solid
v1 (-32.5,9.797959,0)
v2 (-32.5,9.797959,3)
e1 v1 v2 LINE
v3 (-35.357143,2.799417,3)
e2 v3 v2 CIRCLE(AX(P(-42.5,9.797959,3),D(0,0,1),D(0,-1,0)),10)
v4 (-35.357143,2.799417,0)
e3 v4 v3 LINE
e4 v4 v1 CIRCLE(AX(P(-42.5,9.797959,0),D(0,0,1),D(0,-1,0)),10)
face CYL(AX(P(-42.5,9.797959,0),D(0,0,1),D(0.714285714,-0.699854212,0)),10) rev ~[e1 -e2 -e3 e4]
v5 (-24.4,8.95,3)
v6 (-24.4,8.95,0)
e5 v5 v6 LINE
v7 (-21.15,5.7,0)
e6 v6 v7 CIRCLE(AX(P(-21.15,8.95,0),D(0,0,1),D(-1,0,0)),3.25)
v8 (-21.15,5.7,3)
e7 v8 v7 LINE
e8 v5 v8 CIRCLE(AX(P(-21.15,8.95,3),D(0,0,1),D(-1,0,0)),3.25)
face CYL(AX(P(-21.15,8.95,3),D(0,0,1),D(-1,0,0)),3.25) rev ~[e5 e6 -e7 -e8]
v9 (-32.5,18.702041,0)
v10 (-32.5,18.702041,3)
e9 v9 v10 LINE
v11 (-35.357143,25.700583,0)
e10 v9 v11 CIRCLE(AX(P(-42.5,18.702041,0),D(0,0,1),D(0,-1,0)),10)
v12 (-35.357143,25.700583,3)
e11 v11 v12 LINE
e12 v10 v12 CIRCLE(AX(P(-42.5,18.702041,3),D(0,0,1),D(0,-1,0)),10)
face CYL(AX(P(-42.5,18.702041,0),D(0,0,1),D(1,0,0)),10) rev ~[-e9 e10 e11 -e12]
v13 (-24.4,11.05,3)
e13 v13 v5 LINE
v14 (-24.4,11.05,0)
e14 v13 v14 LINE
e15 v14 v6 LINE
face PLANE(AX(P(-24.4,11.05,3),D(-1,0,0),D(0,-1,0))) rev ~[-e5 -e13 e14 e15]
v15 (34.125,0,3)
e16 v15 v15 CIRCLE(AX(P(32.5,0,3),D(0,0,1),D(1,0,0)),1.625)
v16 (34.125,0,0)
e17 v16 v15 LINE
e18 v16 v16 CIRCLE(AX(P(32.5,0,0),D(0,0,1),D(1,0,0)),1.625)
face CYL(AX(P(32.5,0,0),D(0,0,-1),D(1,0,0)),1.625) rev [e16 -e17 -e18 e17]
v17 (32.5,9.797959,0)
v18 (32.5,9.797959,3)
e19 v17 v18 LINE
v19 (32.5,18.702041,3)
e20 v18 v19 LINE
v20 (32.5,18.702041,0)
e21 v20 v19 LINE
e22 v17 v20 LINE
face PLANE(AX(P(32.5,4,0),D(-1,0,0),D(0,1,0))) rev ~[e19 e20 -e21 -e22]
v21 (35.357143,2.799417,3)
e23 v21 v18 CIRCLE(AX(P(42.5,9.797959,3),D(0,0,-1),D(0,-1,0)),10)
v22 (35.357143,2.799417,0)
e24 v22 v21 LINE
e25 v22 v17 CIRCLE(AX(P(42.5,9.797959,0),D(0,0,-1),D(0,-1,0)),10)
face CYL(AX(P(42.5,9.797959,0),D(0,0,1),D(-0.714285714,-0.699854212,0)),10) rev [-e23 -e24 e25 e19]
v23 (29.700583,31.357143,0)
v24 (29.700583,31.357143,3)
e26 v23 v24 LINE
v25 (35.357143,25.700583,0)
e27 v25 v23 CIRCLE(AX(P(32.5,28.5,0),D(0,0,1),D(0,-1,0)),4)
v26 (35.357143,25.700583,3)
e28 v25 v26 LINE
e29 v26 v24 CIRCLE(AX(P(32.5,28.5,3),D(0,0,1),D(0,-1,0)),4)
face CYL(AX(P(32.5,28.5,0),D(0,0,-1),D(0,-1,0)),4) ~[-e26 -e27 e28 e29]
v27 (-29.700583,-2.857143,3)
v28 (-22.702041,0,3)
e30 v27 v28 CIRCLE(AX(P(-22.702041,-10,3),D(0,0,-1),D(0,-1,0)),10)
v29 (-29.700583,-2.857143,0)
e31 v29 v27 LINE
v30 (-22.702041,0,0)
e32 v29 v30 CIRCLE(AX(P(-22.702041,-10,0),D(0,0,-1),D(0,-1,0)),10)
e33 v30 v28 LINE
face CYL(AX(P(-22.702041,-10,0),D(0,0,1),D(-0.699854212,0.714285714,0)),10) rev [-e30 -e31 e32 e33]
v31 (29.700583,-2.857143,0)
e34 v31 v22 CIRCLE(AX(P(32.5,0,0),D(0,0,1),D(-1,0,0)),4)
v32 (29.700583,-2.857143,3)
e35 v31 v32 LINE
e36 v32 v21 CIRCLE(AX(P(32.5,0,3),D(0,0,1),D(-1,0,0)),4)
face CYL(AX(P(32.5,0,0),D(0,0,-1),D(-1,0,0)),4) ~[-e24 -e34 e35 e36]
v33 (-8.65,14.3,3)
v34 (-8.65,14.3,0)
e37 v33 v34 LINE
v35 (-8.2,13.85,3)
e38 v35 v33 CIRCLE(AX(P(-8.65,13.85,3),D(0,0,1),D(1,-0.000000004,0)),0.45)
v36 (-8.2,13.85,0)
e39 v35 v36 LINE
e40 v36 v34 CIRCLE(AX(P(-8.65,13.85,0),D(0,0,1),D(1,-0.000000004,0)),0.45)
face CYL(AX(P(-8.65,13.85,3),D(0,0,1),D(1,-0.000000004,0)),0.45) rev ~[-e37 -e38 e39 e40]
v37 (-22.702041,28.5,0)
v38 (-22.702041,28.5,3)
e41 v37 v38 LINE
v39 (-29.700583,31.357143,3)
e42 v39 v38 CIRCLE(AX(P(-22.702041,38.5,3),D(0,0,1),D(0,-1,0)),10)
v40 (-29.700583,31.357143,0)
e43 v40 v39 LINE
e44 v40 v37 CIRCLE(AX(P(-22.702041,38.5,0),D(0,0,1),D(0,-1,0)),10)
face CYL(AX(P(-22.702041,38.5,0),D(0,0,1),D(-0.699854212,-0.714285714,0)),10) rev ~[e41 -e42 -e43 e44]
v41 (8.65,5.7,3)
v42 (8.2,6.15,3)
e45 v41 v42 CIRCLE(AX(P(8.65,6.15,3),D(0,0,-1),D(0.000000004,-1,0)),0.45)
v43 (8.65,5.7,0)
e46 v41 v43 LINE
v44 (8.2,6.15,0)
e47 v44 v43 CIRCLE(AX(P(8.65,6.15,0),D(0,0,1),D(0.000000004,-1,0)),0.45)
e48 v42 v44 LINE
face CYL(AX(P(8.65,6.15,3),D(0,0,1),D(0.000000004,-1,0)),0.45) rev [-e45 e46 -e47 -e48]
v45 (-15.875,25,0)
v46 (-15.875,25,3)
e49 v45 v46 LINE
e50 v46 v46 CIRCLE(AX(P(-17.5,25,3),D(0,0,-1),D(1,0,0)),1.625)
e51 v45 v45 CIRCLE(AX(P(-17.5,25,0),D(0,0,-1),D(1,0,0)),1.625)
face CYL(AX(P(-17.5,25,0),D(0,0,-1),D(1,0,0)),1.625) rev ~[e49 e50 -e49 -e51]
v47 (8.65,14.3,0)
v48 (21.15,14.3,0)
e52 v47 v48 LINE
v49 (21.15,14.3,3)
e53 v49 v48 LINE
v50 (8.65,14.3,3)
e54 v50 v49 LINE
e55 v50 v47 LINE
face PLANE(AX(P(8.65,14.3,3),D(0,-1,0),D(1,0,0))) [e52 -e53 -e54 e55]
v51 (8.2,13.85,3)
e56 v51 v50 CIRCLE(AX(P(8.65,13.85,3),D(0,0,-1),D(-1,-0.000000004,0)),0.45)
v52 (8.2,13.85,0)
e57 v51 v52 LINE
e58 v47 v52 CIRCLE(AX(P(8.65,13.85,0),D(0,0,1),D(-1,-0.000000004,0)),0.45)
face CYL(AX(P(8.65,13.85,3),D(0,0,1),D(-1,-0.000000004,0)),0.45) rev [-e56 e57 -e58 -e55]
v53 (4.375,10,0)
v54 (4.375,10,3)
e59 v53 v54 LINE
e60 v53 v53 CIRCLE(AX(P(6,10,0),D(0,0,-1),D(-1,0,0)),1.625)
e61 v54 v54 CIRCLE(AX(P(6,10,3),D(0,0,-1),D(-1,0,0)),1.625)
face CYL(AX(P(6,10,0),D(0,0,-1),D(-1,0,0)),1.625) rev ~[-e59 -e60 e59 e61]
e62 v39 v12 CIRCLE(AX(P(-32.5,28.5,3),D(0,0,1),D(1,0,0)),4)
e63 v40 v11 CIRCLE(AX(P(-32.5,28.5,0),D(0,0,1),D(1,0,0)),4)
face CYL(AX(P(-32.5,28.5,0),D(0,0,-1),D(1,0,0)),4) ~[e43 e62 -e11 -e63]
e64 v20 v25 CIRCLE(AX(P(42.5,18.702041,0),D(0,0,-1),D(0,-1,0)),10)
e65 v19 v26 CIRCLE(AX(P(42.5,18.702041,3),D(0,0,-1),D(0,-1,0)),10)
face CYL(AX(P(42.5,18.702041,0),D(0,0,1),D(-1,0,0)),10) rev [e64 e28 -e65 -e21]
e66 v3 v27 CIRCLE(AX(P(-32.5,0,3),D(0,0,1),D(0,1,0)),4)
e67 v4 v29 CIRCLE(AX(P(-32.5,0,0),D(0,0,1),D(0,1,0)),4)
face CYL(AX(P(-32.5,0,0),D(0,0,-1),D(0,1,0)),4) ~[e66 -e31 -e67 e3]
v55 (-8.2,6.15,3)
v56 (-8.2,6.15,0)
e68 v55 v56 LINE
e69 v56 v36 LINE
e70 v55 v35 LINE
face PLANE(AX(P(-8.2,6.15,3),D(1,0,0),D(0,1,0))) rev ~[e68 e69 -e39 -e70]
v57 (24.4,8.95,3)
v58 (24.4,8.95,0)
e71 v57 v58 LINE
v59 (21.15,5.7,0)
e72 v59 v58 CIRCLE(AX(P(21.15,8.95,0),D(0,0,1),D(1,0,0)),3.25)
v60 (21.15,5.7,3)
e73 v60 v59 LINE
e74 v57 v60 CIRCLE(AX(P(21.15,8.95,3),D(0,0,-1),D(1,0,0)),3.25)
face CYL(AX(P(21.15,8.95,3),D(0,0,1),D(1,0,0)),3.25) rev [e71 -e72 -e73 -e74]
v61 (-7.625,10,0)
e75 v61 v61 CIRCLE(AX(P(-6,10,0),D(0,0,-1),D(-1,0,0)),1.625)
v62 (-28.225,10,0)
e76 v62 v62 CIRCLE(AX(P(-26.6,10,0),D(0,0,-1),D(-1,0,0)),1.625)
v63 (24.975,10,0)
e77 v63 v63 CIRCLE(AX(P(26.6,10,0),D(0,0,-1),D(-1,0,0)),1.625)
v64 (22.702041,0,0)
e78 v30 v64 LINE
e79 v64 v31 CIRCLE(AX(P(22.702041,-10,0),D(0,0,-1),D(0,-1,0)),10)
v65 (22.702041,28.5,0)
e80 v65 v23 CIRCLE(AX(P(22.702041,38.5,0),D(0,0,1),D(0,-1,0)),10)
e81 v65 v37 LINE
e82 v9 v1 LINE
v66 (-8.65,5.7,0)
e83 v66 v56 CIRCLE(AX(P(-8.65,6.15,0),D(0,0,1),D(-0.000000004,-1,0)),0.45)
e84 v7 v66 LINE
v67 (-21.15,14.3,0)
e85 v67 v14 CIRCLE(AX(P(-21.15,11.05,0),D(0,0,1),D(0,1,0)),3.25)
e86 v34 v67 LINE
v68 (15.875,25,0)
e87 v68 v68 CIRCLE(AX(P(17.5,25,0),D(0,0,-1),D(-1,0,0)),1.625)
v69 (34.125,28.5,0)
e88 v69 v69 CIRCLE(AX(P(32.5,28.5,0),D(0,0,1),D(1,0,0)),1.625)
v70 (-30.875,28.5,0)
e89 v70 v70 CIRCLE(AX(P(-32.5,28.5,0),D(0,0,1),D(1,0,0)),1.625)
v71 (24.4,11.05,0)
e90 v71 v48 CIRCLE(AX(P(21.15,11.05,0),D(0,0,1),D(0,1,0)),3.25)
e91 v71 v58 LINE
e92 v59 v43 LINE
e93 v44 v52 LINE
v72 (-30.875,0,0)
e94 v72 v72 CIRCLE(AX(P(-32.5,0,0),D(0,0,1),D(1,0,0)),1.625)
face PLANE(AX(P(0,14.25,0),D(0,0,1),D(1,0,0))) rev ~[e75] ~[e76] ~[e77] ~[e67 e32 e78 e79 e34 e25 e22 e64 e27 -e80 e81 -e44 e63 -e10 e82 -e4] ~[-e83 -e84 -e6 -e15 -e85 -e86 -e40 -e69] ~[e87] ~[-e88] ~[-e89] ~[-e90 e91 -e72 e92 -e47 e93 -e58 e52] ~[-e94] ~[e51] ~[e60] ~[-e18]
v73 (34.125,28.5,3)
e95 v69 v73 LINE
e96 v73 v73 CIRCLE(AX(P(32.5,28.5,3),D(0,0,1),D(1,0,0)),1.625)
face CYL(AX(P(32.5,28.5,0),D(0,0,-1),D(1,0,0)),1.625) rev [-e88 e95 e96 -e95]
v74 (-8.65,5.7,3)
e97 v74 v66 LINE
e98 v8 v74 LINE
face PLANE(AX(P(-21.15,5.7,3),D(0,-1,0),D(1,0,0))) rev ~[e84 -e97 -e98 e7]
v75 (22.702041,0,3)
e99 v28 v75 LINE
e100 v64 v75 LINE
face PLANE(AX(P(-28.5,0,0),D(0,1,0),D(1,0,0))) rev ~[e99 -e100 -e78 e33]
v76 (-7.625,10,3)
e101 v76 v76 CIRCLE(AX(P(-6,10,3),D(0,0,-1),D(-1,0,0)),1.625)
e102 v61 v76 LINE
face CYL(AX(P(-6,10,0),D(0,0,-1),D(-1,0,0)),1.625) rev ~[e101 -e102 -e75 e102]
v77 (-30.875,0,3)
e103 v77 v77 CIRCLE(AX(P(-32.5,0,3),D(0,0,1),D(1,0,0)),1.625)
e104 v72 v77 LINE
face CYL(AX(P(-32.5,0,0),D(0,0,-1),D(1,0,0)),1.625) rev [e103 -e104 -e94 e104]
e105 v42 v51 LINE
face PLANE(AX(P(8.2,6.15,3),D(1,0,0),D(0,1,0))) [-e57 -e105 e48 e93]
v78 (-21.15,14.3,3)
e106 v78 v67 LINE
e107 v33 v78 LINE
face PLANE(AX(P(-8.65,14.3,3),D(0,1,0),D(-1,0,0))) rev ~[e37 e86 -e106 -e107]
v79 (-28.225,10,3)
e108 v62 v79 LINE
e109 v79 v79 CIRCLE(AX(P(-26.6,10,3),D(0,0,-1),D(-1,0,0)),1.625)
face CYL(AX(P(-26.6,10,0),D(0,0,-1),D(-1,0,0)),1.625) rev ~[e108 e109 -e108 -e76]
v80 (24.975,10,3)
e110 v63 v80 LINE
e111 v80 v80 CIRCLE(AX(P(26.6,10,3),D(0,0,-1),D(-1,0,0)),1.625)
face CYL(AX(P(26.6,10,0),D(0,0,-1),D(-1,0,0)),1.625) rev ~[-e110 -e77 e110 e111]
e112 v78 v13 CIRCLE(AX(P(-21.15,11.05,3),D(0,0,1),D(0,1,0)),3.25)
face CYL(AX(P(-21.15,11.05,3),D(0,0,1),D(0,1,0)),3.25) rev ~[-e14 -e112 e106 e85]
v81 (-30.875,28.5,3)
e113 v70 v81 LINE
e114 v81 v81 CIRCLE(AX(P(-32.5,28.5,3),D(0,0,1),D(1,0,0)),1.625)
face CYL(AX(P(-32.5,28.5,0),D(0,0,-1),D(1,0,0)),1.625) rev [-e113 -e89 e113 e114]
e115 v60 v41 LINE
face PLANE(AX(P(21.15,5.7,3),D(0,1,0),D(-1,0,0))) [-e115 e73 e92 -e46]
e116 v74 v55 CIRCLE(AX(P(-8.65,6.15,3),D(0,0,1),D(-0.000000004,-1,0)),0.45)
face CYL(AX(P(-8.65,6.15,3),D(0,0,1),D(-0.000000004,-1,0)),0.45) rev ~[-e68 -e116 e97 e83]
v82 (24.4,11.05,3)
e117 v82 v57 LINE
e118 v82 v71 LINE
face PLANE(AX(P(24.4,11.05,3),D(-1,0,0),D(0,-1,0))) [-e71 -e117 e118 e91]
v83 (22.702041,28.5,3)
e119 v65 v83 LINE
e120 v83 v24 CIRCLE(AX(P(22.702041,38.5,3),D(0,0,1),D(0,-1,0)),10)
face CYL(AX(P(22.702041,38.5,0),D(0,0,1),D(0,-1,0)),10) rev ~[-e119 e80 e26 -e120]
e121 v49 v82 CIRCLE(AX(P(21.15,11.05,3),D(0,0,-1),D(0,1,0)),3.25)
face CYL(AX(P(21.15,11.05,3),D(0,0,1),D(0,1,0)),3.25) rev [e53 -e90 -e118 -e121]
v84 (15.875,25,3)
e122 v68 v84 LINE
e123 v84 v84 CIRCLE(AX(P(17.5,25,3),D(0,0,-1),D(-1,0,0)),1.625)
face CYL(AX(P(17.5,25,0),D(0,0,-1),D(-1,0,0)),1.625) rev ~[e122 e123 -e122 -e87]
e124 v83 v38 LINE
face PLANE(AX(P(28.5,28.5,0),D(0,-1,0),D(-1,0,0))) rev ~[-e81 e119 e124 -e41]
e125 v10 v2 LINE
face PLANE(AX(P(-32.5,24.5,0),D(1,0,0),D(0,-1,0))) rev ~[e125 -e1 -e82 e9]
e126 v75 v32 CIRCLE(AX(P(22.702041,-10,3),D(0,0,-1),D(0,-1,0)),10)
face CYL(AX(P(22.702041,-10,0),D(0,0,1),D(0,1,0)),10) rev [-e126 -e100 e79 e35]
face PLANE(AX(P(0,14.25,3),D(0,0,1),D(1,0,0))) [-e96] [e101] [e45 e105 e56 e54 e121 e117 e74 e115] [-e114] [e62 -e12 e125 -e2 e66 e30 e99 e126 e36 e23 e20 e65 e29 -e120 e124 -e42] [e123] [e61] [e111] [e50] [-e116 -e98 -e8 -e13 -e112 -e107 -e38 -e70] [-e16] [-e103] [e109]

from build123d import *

# Parameters (mm, degrees)
SKETCH_1_R          = 1.625
EXTRUDE_1_DEPTH     = 3
FILLET_1_R          = 10
SKETCH_3_R          = 1.625
CUT_EXTRUDE_1_DEPTH = 10
CUT_EXTRUDE_2_DEPTH = 10
SKETCH_5_R          = 1.625
CUT_EXTRUDE_3_DEPTH = 10


with BuildPart() as part:
    # Эскиз1 → Бобышка-Вытянуть1 (new body)
    with BuildSketch(Plane.XY):
        with BuildLine():
            ThreePointArc((-32.5, 4), (-35.328427125, -2.828427125), (-28.5, 0))
            Line((-28.5, 0), (28.5, 0))
            ThreePointArc((28.5, 0), (35.328427125, -2.828427125), (32.5, 4))
            Line((32.5, 4), (32.5, 24.5))
            ThreePointArc((32.5, 24.5), (35.328427125, 31.328427125), (28.5, 28.5))
            Line((28.5, 28.5), (-28.5, 28.5))
            ThreePointArc((-28.5, 28.5), (-35.328427125, 31.328427125), (-32.5, 24.5))
            Line((-32.5, 24.5), (-32.5, 4))
        make_face()
        with Locations((-32.5, 0)):
            Circle(SKETCH_1_R, mode=Mode.SUBTRACT)
        with Locations((32.5, 28.5)):
            Circle(SKETCH_1_R, mode=Mode.SUBTRACT)
        with Locations((-32.5, 28.5)):
            Circle(SKETCH_1_R, mode=Mode.SUBTRACT)
        with Locations((32.5, 0)):
            Circle(SKETCH_1_R, mode=Mode.SUBTRACT)
    extrude(amount=EXTRUDE_1_DEPTH)

    # Скругление1
    fillet_1_edges = [part.edges().sort_by_distance(p)[0] for p in [
        (28.5, 0, 1.5),
        (-28.5, 0, 1.5),
        (-32.5, 4, 1.5),
        (-32.5, 24.5, 1.5),
        (-28.5, 28.5, 1.5),
        (28.5, 28.5, 1.5),
        (32.5, 24.5, 1.5),
        (32.5, 4, 1.5),
    ]]
    fillet(fillet_1_edges, radius=FILLET_1_R)

    # Эскиз3 → Вырез-Вытянуть1 (cut)
    with BuildSketch(Plane(origin=(0, 0, 0), x_dir=(-1, 0, 0), z_dir=(0, 0, -1))):
        with Locations((-17.5, 25)):
            Circle(SKETCH_3_R)
        with Locations(Location((17.5, 25, 0), (0, 0, 180))):
            Circle(SKETCH_3_R)
    extrude(amount=-CUT_EXTRUDE_1_DEPTH, mode=Mode.SUBTRACT)

    # Эскиз4 → Вырез-Вытянуть2 (cut)
    # profile 1 of 2: a face of its own
    with BuildSketch(Plane.XY.offset(3)):
        with BuildLine():
            Line((-8.2, 6.15), (-8.2, 13.85))
            ThreePointArc((-8.2, 13.85), (-8.331801948, 14.168198052), (-8.65, 14.3))
            Line((-8.65, 14.3), (-21.15, 14.3))
            ThreePointArc((-21.15, 14.3), (-23.448097039, 13.348097039), (-24.4, 11.05))
            Line((-24.4, 11.05), (-24.4, 8.95))
            ThreePointArc((-24.4, 8.95), (-23.448097039, 6.651902961), (-21.15, 5.7))
            Line((-21.15, 5.7), (-8.65, 5.7))
            ThreePointArc((-8.65, 5.7), (-8.331801948, 5.831801948), (-8.2, 6.15))
        make_face()
        with BuildLine():
            ThreePointArc((-21.15, 14.05), (-23.271320344, 13.171320344), (-24.15, 11.05))
            Line((-24.15, 11.05), (-24.15, 8.95))
            ThreePointArc((-24.15, 8.95), (-23.271320344, 6.828679656), (-21.15, 5.95))
            Line((-21.15, 5.95), (-8.65, 5.95))
            ThreePointArc((-8.65, 5.95), (-8.508578644, 6.008578644), (-8.45, 6.15))
            Line((-8.45, 6.15), (-8.45, 13.85))
            ThreePointArc((-8.45, 13.85), (-8.508578644, 13.991421356), (-8.65, 14.05))
            Line((-8.65, 14.05), (-21.15, 14.05))
        make_face(mode=Mode.SUBTRACT)
    # profile 2 of 2: a face of its own
    with BuildSketch(Plane.XY.offset(3)):
        with BuildLine():
            ThreePointArc((8.65, 5.7), (8.331801948, 5.831801948), (8.2, 6.15))
            Line((8.2, 6.15), (8.2, 13.85))
            ThreePointArc((8.2, 13.85), (8.331801948, 14.168198052), (8.65, 14.3))
            Line((8.65, 14.3), (21.15, 14.3))
            ThreePointArc((21.15, 14.3), (23.448097039, 13.348097039), (24.4, 11.05))
            Line((24.4, 11.05), (24.4, 8.95))
            ThreePointArc((24.4, 8.95), (23.448097039, 6.651902961), (21.15, 5.7))
            Line((21.15, 5.7), (8.65, 5.7))
        make_face()
        with BuildLine():
            Line((8.45, 6.15), (8.45, 13.85))
            ThreePointArc((8.45, 13.85), (8.508578644, 13.991421356), (8.65, 14.05))
            Line((8.65, 14.05), (21.15, 14.05))
            ThreePointArc((21.15, 14.05), (23.271320344, 13.171320344), (24.15, 11.05))
            Line((24.15, 11.05), (24.15, 8.95))
            ThreePointArc((24.15, 8.95), (23.271320344, 6.828679656), (21.15, 5.95))
            Line((21.15, 5.95), (8.65, 5.95))
            ThreePointArc((8.65, 5.95), (8.508578644, 6.008578644), (8.45, 6.15))
        make_face(mode=Mode.SUBTRACT)
    extrude(amount=-CUT_EXTRUDE_2_DEPTH, mode=Mode.SUBTRACT)


with BuildPart() as body_2:
    # of the pieces the cut leaves, the one that is kept (cut_extrude_2_keep)
    add(part.part.solids().sort_by_distance((-32.5, 18.702041029, 0))[0])

    # Эскиз5 → Вырез-Вытянуть3 (cut)
    with BuildSketch(Plane(origin=(0, 0, 0), x_dir=(-1, 0, 0), z_dir=(0, 0, -1))):
        with Locations((26.6, 10)):
            Circle(SKETCH_5_R)
        with Locations((-26.6, 10)):
            Circle(SKETCH_5_R)
        with Locations((-6, 10)):
            Circle(SKETCH_5_R)
        with Locations((6, 10)):
            Circle(SKETCH_5_R)
    extrude(amount=-CUT_EXTRUDE_3_DEPTH, mode=Mode.SUBTRACT)


solid = body_2.part
